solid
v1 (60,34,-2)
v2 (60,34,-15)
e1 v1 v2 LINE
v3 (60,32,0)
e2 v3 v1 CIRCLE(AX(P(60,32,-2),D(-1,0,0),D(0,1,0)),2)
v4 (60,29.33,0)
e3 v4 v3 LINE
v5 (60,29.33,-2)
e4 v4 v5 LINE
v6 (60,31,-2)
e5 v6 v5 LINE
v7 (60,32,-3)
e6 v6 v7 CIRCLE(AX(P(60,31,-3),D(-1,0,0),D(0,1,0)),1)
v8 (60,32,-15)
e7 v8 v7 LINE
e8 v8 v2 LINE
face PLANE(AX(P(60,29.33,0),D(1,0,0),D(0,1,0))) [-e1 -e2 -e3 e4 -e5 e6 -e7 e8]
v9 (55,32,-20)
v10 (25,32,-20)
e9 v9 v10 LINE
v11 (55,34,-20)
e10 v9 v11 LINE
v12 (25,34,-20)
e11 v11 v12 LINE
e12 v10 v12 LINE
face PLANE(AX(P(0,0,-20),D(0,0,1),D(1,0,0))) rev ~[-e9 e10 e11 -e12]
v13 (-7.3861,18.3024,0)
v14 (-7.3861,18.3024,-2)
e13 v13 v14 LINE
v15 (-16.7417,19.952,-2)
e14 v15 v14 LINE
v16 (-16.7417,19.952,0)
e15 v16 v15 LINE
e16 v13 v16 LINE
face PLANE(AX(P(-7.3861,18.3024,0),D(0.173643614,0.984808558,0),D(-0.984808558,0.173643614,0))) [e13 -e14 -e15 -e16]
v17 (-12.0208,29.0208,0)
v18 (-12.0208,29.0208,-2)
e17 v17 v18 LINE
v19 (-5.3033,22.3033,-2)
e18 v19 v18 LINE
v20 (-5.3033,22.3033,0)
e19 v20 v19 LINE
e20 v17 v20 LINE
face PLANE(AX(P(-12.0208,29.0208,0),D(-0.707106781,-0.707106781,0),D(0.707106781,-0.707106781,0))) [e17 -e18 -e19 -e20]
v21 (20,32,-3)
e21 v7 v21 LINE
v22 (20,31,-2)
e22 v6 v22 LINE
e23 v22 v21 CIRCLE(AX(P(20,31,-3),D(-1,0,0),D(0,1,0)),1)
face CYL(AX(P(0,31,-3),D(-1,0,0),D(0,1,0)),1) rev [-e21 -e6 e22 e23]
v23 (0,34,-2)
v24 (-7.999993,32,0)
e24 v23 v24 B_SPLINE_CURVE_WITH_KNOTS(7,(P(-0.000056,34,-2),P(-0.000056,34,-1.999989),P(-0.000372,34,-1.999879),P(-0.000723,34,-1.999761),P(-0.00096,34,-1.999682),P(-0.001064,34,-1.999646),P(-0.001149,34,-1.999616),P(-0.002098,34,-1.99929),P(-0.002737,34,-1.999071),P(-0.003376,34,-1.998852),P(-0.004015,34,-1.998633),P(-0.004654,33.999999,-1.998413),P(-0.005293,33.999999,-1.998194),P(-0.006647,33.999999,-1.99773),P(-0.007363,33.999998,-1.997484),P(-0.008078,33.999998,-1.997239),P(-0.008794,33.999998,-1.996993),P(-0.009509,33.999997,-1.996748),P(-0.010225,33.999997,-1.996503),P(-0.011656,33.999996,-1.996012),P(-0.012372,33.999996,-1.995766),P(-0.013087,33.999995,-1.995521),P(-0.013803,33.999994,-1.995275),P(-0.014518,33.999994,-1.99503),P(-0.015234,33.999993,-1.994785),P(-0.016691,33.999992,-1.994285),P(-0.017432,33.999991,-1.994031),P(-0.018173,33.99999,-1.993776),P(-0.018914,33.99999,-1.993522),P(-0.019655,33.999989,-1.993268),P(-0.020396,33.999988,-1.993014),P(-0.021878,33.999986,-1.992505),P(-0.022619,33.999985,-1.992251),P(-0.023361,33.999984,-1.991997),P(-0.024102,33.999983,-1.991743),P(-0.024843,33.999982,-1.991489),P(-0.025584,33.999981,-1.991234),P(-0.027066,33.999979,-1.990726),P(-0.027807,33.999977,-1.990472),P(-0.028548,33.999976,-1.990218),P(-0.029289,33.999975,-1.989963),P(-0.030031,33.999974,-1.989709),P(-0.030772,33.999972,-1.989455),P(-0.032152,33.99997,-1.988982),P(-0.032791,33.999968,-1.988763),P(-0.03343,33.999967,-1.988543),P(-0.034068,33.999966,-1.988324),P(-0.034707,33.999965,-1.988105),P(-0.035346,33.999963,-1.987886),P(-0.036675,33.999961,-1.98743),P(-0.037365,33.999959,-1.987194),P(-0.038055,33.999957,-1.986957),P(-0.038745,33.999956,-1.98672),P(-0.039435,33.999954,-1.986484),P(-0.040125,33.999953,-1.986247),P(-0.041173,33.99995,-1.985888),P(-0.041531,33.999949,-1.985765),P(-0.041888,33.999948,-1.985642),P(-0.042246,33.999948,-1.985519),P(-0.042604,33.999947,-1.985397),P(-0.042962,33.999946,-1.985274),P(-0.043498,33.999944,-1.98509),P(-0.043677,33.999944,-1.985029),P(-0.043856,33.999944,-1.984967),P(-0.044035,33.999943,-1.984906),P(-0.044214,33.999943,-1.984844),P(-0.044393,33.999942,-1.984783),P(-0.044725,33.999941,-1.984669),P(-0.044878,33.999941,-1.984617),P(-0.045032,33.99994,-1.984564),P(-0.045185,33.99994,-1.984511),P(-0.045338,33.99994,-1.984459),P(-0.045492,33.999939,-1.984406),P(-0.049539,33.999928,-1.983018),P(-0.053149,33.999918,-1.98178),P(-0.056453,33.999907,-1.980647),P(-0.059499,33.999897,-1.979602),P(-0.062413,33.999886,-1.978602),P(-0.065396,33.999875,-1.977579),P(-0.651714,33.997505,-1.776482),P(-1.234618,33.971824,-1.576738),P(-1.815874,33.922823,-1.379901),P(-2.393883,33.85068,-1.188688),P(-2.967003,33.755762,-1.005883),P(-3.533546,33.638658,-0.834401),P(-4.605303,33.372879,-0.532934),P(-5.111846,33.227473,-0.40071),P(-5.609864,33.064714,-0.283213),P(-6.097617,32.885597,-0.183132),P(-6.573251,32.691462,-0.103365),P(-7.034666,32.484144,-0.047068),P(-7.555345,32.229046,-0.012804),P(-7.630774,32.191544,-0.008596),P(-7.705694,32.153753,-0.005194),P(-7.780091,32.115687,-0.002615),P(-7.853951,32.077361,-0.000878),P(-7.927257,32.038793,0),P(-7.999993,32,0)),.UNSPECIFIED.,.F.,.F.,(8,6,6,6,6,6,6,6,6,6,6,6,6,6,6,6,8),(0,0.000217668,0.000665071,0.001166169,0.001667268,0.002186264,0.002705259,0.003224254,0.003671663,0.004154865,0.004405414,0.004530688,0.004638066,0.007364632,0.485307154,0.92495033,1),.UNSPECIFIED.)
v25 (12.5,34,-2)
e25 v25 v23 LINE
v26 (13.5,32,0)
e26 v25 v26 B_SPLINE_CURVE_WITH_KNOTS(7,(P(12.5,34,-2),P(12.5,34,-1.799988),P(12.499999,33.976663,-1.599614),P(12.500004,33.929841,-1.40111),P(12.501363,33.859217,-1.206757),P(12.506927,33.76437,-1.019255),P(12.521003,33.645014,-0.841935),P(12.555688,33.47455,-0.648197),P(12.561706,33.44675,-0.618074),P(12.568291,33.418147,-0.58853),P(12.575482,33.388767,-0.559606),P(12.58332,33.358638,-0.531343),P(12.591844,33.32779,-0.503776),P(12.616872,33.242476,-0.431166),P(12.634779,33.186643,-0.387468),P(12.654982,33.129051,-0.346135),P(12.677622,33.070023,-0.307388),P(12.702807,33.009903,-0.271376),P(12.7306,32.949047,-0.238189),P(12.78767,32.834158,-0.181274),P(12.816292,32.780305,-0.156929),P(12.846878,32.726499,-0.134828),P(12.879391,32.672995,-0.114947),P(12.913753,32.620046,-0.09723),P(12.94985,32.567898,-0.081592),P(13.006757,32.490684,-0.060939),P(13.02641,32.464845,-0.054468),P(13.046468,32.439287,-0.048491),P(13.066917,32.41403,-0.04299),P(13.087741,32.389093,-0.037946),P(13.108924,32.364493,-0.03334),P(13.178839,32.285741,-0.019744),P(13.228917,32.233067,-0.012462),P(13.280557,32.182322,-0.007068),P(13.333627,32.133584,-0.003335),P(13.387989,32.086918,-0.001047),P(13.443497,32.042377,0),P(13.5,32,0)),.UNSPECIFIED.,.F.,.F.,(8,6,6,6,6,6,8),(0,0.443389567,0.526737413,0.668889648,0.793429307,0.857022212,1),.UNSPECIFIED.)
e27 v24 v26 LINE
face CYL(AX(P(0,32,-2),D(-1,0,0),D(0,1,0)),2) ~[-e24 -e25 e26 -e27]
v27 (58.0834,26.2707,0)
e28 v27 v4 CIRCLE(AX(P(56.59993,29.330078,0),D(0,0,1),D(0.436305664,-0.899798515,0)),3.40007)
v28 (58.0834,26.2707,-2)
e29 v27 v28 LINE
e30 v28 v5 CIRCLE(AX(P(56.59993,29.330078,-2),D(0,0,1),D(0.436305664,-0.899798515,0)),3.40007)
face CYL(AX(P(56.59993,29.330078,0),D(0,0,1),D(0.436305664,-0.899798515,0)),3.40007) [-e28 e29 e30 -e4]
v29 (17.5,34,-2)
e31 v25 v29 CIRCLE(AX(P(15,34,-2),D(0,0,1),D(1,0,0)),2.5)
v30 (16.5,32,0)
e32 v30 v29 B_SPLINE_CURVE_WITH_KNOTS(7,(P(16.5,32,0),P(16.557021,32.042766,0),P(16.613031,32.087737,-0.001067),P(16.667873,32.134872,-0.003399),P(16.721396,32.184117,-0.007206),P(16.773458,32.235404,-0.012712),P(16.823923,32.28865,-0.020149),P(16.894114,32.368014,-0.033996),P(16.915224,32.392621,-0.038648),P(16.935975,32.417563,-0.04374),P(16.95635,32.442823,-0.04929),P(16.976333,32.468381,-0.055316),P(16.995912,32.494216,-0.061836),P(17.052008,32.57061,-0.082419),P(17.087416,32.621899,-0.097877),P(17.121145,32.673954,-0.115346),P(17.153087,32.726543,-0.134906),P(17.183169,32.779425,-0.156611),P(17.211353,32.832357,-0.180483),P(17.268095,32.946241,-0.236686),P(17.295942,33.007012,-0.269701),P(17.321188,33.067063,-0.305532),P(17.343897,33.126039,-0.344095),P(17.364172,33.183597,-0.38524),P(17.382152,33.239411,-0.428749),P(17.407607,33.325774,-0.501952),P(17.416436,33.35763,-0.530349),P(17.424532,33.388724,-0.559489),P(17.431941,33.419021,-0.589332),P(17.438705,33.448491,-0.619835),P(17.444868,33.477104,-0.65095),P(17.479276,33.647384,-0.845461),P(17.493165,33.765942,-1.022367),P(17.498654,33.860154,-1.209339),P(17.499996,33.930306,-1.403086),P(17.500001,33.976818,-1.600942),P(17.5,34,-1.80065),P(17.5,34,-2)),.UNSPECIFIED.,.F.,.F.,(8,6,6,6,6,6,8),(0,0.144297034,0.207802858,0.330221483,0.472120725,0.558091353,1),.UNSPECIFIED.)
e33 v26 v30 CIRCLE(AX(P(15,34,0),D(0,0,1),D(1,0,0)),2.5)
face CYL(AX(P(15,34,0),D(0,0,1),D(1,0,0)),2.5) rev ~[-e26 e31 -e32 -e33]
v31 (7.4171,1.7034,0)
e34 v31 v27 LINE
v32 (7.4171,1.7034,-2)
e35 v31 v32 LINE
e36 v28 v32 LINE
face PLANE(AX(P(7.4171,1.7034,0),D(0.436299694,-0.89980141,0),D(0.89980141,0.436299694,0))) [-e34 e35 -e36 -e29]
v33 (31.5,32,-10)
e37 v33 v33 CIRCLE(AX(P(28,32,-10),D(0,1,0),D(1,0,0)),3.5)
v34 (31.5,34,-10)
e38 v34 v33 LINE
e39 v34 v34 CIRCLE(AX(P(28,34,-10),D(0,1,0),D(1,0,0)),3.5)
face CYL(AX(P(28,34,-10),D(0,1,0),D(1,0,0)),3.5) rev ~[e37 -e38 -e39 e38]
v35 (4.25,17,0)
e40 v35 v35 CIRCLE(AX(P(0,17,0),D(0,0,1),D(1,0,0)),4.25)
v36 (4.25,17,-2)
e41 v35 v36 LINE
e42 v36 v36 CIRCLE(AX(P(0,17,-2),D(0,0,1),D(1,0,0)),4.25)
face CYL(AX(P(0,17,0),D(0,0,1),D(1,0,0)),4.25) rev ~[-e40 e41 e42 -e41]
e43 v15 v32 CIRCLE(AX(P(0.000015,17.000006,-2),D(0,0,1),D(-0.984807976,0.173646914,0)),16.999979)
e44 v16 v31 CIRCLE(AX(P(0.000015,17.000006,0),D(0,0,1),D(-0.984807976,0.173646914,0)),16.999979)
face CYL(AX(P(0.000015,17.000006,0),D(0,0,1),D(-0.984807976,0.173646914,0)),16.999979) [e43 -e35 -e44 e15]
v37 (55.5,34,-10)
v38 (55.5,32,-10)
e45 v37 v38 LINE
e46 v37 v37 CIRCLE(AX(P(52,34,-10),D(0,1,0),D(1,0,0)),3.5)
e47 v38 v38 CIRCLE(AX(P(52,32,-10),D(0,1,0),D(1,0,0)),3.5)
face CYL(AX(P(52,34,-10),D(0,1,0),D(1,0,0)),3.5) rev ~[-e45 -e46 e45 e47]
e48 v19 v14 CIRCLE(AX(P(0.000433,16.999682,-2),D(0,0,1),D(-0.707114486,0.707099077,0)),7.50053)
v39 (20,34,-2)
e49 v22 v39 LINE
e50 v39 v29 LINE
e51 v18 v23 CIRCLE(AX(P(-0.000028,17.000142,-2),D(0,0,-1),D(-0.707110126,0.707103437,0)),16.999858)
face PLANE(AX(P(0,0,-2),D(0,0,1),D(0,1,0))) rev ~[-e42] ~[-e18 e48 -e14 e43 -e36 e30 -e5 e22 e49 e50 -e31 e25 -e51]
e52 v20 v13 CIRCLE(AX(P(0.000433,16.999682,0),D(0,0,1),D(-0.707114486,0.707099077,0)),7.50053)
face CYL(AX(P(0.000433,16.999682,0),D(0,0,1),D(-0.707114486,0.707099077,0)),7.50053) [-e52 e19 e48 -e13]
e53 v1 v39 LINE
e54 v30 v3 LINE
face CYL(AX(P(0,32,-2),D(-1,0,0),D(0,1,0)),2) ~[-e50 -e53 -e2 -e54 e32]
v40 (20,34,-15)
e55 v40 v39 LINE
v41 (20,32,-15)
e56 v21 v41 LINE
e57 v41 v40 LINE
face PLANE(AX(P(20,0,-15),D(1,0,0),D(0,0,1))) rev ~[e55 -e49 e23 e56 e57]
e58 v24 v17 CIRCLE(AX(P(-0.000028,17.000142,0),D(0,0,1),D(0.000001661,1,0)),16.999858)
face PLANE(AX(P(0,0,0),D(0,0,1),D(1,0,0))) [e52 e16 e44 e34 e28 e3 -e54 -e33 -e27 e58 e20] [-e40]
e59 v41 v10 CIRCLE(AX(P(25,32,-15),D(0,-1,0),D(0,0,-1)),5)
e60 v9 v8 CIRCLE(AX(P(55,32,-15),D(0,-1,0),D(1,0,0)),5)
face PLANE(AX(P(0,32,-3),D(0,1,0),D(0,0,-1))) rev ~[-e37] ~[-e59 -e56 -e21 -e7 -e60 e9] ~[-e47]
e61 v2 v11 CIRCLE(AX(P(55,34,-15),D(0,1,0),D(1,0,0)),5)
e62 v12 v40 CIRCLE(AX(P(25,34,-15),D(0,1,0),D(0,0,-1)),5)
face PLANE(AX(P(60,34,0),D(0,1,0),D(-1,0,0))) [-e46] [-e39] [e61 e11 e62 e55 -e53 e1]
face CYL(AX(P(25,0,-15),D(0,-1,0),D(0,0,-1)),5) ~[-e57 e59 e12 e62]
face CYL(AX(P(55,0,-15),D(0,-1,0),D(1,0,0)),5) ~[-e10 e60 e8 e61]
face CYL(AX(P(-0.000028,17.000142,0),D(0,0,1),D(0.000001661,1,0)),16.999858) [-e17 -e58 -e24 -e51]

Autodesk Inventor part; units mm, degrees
sketch "Sketch_10" plane through (0, 0, 0) normal (0, 0, 1) x (1, 0, 0)
  arc A0 (-16.7417, 19.952) -> (7.4171, 1.7034) centre (0, 17) ccw
  line L0 (7.4171, 1.7034) -> (58.0834, 26.2707)
  arc A1 (58.0834, 26.2707) -> (60, 29.33) centre (56.6, 29.33) ccw
  line L1 (60, 29.33) -> (60, 34)
  line L2 (60, 34) -> (0, 34)
  arc A2 (0, 34) -> (-12.0208, 29.0208) centre (0, 17) ccw
  line L3 (-12.0208, 29.0208) -> (-5.3033, 22.3033)
  arc A3 (-5.3033, 22.3033) -> (-7.3861, 18.3024) centre (0, 17) ccw
  line L4 (-7.3861, 18.3024) -> (-16.7417, 19.952)
  circle A4 centre (0, 17) radius 4.25
extrude "Extrusion1" add sketch "Sketch_10" against normal blind 20
sketch "Sketch_11" plane through (0, 0, 0) normal (1, 0, 0) x (0, 1, 0)
  line L0 (39, 5) -> (-5, 5)
  line L1 (-5, 5) -> (-5, -25)
  line L2 (-5, -25) -> (39, -25)
  line L3 (39, -25) -> (39, 5)
  line L4 (32, 0) -> (0, 0)
  line L5 (0, 0) -> (0, -2)
  line L6 (0, -2) -> (31, -2)
  arc A0 (32, -3) -> (31, -2) centre (31, -3) ccw
  line L7 (32, -3) -> (32, -20)
  line L8 (32, -20) -> (34, -20)
  line L9 (34, -20) -> (34, -2)
  arc A1 (34, -2) -> (32, 0) centre (32, -2) ccw
extrude "Extrusion2" cut sketch "Sketch_11" along normal mid plane 188
sketch "Sketch_3" plane through (0, 0, 0) normal (0, 1, 0) x (-1, 0, 0)
  line L0 (22, -25) -> (22, 5)
  line L1 (22, 5) -> (-65, 5)
  line L2 (-65, 5) -> (-65, -25)
  line L3 (-65, -25) -> (22, -25)
  line L4 (17, -2) -> (17, 0)
  line L5 (17, 0) -> (-60, 0)
  line L6 (-60, 0) -> (-60, -15)
  arc A0 (-60, -15) -> (-55, -20) centre (-55, -15) ccw
  line L7 (-55, -20) -> (-25, -20)
  arc A1 (-25, -20) -> (-20, -15) centre (-25, -15) ccw
  line L8 (-20, -15) -> (-20, -2)
  line L9 (-20, -2) -> (17, -2)
extrude "Extrusion3" cut sketch "Sketch_3" along normal blind 34
sketch "Sketch_1" plane through (0, 34, 0) normal (0, 1, 0) x (1, 0, 0)
  circle A0 centre (28, 10) radius 3.5
extrude "Extrusion4" cut sketch "Sketch_1" along normal mid plane 4
sketch "Sketch_2" plane through (0, 34, 0) normal (0, 1, 0) x (1, 0, 0)
  circle A0 centre (52, 10) radius 3.5
extrude "Extrusion5" cut sketch "Sketch_2" along normal mid plane 4
sketch "Sketch_7" plane through (0, 0, 0) normal (0, 0, 1) x (1, 0, 0)
  circle A0 centre (15, 34) radius 2.5
extrude "Extrusion6" cut sketch "Sketch_7" against normal blind 20
ref_plane "fix_end_l_XY" through (0, 17, 0) normal (0, 0, 1) x (1, 0, 0)
ref_plane "fix_end_l_YZ" through (0, 17, 0) normal (1, 0, 0) x (0, 1, 0)
ref_plane "fix_end_l_ZX" through (0, 17, 0) normal (0, 1, 0) x (0, 0, 1)
ref_plane "free_end_l_XY" through (0, 17, -2) normal (0, 0, 1) x (1, 0, 0)
ref_plane "free_end_l_YZ" through (0, 17, -2) normal (1, 0, 0) x (0, 1, 0)
ref_plane "free_end_l_ZX" through (0, 17, -2) normal (0, 1, 0) x (0, 0, 1)
ref_plane "l_to_r_XY" through (0, 17, -27.8) normal (0, 0, 1) x (1, 0, 0)
ref_plane "l_to_r_YZ" through (0, 17, -27.8) normal (1, 0, 0) x (0, 1, 0)
ref_plane "l_to_r_ZX" through (0, 17, -27.8) normal (0, 1, 0) x (0, 0, 1)
ref_plane "to_clip5_XY" through (0, 17, -10) normal (1, 0, 0) x (0, 0, -1)
ref_plane "to_clip5_YZ" through (0, 17, -10) normal (0, 0, -1) x (0, 1, 0)
ref_plane "to_clip5_ZX" through (0, 17, -10) normal (0, 1, 0) x (1, 0, 0)
properties part number "MHPUS306-Ab_free_left"
